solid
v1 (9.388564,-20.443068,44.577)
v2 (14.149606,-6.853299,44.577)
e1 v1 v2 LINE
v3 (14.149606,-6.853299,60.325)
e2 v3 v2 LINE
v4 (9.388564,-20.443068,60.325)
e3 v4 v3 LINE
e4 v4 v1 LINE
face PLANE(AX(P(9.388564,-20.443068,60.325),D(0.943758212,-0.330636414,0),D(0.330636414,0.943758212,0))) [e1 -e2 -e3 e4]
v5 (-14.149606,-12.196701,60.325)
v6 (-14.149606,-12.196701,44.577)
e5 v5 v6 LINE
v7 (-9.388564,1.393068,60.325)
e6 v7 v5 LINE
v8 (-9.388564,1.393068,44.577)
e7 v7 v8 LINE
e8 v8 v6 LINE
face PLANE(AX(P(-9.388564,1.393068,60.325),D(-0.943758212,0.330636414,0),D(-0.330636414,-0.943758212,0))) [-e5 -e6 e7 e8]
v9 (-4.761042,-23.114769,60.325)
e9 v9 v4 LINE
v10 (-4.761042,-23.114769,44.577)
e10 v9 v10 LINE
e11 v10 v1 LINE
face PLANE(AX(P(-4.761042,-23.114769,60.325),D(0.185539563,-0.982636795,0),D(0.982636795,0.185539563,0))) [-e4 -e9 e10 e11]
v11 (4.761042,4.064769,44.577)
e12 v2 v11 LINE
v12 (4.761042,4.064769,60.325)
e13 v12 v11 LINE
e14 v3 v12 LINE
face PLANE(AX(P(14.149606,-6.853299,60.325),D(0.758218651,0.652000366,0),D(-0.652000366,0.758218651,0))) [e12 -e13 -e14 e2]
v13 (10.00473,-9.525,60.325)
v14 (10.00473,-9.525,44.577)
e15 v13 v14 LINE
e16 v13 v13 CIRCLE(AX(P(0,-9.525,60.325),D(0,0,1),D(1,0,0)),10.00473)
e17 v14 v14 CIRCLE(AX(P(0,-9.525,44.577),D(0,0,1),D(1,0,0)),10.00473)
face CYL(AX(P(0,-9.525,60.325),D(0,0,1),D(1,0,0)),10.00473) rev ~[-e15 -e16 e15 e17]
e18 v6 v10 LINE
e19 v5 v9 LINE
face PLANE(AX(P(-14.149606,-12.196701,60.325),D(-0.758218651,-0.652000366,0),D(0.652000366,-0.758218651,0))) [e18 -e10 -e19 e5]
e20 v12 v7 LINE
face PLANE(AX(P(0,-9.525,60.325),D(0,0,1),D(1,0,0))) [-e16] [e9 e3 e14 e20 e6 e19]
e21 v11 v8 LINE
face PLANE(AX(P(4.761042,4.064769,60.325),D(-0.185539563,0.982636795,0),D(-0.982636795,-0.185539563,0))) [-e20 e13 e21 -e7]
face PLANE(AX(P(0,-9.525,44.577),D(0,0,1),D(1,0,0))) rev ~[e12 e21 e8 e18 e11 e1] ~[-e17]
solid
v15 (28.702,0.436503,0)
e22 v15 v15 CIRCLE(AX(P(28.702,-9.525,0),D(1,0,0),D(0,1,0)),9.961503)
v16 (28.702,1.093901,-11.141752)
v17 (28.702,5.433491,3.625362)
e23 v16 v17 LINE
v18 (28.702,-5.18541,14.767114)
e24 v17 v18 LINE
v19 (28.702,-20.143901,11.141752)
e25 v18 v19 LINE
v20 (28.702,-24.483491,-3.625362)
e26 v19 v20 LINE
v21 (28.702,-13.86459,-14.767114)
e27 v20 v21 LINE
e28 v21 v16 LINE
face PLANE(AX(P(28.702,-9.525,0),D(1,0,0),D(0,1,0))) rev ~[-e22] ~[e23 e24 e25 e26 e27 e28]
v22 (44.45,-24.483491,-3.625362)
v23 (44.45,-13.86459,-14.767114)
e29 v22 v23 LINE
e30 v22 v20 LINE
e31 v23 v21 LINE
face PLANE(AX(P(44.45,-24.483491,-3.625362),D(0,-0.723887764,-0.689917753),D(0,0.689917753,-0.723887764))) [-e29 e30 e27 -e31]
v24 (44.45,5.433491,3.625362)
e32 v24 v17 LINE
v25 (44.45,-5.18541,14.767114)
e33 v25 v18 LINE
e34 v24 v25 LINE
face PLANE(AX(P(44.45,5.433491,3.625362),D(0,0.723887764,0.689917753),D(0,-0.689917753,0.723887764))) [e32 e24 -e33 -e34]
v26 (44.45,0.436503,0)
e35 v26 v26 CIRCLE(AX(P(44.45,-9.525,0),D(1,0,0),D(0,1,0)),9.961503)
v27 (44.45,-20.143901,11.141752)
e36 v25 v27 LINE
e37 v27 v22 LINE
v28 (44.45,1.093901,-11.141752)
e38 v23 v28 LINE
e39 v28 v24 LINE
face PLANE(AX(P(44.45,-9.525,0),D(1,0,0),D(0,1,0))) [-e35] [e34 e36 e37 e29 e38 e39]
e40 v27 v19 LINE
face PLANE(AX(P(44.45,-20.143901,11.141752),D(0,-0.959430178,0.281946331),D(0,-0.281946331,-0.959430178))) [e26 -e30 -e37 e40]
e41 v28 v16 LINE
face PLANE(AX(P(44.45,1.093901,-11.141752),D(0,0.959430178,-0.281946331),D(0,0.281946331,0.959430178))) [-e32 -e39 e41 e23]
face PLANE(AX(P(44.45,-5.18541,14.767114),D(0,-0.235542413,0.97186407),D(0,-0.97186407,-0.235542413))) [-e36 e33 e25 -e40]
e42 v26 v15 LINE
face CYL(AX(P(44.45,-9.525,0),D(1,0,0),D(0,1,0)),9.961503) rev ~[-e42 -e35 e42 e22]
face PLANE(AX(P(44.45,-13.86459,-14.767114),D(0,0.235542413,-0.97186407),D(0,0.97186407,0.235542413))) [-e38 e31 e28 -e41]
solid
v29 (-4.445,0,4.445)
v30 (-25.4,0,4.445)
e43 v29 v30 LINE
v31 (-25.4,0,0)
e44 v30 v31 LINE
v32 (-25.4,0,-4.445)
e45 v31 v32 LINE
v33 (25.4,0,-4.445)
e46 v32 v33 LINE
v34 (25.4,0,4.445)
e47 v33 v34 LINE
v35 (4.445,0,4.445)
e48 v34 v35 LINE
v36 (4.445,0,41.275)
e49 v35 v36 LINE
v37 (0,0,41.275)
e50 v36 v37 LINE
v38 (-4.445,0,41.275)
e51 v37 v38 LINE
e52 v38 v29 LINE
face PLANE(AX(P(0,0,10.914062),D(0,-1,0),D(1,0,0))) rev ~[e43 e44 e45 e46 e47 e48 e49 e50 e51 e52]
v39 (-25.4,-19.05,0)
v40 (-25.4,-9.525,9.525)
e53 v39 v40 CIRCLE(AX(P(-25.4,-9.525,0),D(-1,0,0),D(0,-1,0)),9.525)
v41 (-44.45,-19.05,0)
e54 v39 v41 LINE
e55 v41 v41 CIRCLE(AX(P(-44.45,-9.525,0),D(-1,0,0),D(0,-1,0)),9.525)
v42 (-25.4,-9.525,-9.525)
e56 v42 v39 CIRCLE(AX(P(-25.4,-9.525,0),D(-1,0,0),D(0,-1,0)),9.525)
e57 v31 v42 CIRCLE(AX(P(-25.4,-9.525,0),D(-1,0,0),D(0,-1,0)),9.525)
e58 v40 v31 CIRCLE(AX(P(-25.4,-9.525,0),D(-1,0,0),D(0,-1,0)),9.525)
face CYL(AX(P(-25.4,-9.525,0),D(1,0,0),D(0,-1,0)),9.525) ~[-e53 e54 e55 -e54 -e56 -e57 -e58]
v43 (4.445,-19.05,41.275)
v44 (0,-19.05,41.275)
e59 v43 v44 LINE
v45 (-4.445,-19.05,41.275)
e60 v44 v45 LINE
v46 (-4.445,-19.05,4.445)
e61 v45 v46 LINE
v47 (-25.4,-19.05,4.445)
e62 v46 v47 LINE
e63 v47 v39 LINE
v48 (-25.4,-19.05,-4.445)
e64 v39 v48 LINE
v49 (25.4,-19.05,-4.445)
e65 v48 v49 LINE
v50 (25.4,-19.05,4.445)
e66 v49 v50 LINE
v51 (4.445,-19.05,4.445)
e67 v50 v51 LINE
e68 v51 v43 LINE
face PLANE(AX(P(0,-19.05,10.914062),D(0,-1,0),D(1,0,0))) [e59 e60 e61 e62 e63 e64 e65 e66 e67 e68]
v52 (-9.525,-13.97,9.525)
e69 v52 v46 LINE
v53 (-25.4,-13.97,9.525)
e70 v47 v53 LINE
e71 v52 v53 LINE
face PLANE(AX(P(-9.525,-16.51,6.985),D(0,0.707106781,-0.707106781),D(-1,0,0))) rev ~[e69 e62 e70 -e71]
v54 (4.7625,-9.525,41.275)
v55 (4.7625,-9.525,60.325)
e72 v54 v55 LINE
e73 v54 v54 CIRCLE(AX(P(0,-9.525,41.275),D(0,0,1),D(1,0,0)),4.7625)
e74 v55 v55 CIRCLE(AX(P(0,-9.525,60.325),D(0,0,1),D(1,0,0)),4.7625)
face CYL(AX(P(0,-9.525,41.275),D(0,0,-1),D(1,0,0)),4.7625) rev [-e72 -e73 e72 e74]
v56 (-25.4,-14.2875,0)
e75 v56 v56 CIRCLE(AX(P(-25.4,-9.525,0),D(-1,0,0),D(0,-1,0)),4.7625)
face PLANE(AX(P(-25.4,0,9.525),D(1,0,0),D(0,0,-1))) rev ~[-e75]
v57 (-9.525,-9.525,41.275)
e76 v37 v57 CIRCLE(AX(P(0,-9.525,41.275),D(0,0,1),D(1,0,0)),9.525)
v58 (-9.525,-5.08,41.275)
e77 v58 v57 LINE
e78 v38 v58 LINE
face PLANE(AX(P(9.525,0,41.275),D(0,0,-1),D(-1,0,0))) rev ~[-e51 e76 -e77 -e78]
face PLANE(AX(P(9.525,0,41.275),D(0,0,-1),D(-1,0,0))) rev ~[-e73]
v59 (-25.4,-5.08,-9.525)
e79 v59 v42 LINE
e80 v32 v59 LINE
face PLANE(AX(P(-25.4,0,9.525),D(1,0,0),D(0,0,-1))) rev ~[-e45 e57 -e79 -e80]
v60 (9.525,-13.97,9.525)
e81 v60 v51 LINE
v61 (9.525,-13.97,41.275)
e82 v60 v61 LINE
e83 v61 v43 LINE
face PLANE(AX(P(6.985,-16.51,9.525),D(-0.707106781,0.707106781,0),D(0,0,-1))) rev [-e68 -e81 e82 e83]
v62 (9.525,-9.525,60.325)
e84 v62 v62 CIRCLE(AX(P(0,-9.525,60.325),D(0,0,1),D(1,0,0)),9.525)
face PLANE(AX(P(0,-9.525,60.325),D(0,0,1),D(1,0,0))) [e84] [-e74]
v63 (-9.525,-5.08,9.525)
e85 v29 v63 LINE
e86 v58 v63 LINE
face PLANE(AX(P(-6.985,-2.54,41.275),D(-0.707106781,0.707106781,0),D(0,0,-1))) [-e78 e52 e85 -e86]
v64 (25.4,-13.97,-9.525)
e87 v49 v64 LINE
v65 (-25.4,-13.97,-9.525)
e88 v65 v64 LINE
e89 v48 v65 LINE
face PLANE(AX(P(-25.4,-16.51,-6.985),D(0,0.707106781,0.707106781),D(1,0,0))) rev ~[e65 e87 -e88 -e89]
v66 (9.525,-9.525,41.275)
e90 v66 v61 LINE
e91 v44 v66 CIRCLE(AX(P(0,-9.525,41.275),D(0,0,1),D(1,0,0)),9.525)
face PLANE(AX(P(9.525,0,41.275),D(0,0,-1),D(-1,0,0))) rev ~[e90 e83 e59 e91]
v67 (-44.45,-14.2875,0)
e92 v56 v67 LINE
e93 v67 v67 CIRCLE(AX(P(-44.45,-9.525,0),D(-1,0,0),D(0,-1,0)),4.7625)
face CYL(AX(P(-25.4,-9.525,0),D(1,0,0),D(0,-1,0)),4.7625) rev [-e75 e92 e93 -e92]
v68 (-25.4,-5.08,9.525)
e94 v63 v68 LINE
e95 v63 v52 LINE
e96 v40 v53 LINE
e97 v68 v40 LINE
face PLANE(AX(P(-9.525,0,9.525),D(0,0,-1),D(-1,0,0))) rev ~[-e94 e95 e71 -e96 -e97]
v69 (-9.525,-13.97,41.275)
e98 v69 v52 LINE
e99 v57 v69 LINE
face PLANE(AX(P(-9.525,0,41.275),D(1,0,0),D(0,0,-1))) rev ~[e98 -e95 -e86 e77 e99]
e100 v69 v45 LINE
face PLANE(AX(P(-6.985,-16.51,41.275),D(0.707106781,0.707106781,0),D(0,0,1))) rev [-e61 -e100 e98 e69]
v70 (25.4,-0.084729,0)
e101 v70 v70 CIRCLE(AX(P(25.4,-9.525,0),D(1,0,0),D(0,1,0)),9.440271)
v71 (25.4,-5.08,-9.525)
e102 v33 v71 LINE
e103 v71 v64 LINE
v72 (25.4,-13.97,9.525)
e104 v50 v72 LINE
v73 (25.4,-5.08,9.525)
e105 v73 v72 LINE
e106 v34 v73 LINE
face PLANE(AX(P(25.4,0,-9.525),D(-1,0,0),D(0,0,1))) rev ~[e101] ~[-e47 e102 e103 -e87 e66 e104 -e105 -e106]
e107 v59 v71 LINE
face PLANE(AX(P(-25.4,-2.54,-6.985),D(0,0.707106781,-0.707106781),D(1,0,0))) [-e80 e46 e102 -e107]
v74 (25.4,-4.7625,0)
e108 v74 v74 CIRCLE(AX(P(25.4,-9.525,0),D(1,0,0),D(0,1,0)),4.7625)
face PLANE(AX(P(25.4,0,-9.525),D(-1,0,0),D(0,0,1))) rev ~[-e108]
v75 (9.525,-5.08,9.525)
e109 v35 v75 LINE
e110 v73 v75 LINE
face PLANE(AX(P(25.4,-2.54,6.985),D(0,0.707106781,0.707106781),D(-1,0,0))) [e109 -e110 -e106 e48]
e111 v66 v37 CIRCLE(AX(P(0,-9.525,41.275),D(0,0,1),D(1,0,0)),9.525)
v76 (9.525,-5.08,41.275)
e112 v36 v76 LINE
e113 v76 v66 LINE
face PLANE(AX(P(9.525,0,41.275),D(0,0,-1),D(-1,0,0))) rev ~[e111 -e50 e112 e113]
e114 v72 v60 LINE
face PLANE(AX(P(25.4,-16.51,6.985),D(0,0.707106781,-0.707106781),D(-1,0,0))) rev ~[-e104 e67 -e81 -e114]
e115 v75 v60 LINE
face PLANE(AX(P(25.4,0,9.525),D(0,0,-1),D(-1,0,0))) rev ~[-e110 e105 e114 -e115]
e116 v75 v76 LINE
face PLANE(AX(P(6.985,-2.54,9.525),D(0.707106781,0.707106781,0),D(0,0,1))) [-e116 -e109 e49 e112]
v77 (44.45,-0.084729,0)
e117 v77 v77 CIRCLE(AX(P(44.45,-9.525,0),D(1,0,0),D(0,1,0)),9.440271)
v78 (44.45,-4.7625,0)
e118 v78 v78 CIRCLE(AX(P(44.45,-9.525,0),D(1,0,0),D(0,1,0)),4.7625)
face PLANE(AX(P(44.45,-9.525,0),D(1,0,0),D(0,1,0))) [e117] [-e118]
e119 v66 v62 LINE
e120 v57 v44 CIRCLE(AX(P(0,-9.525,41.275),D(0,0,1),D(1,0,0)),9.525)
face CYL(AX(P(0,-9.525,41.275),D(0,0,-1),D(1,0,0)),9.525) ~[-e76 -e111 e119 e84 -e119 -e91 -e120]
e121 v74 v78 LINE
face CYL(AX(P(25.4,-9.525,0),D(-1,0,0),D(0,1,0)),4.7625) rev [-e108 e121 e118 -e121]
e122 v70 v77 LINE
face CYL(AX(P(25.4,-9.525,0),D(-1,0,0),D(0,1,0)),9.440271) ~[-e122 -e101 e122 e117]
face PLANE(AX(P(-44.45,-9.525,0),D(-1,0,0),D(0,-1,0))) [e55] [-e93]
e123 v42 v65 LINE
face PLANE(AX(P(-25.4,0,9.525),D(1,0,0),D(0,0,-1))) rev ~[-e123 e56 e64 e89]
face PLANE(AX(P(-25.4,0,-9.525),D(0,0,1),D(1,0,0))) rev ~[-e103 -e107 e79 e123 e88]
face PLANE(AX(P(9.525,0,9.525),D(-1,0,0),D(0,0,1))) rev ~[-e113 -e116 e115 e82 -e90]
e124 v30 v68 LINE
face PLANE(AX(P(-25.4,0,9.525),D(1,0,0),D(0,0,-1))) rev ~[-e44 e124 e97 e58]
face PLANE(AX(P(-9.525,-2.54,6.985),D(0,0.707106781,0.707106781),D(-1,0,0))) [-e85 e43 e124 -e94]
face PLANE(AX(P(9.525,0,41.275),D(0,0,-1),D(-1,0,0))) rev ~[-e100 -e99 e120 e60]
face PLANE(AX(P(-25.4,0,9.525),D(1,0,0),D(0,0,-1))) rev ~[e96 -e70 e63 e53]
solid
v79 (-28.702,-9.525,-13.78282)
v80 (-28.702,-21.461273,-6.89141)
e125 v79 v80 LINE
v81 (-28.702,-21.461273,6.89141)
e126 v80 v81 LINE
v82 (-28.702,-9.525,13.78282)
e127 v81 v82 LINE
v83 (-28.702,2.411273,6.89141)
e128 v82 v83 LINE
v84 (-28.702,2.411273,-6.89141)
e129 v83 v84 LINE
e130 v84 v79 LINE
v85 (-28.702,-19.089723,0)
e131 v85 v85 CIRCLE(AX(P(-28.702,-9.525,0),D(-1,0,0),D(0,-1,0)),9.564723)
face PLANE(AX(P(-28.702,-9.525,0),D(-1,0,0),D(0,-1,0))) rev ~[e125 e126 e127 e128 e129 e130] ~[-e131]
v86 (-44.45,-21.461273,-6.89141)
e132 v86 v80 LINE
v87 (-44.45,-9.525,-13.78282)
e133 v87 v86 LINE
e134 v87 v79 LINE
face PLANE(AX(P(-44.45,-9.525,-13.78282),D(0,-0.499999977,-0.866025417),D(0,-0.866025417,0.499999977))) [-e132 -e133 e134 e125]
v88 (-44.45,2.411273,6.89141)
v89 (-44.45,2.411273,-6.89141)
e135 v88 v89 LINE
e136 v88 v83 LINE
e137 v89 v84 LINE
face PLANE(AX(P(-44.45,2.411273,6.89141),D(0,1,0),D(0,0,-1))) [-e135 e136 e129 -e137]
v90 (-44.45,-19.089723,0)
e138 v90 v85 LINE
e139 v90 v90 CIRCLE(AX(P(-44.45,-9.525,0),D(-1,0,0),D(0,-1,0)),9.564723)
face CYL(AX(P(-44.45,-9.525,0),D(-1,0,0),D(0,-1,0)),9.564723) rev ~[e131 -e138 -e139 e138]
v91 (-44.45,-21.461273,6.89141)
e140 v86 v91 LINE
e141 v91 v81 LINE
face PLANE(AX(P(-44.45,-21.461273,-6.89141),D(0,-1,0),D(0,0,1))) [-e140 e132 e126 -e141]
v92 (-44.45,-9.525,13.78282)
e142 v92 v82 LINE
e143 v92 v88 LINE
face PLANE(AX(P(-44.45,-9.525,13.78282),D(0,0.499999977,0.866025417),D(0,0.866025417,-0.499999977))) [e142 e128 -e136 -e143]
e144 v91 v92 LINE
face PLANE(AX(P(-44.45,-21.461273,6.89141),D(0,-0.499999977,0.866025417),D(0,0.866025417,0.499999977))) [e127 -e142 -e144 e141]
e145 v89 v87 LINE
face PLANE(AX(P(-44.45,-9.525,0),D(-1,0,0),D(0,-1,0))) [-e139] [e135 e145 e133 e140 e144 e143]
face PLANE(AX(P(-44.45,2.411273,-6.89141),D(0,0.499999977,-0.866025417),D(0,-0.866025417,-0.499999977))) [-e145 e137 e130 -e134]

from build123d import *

# Parameters (mm, degrees)
F1_DEPTH  = 19.05
F2_R      = 9.440271
F2_R_2    = 4.7625
F3_DEPTH  = 19.05
F4_R      = 9.525
F4_R_2    = 4.7625
F5_DEPTH  = 19.05
F6_R      = 9.525
F6_R_2    = 4.7625
F7_DEPTH  = 19.05
F8_SIZE   = 5.08
F9_R      = 9.564723
F10_DEPTH = 15.748
F11_R     = 9.961503
F12_DEPTH = 15.748
F13_R     = 10.00473
F14_DEPTH = 15.748


with BuildPart() as f1:
    # F0 (on Front) → F1 (new body)
    with BuildSketch(Plane.XZ):
        Polygon((-25.4, -9.525), (25.4, -9.525), (25.4, 9.525), (9.525, 9.525), (9.525, 41.275), (-9.525, 41.275), (-9.525, 9.525), (-25.4, 9.525), align=None)
    extrude(amount=F1_DEPTH)

    # F2 (on face) → F3 (join)
    with BuildSketch(Plane.YZ.offset(25.4)):
        with Locations((-9.525, 0)):
            Circle(F2_R)
        with Locations((-9.525, 0)):
            Circle(F2_R_2, mode=Mode.SUBTRACT)
    extrude(amount=F3_DEPTH)

    # F4 (on face) → F5 (join)
    with BuildSketch(Plane(origin=(-25.4, 0, 0), x_dir=(0, -1, 0), z_dir=(-1, 0, 0))):
        with Locations((9.525, 0)):
            Circle(F4_R)
        with Locations((9.525, 0)):
            Circle(F4_R_2, mode=Mode.SUBTRACT)
    extrude(amount=F5_DEPTH)

    # F6 (on face) → F7 (join)
    with BuildSketch(Plane.XY.offset(41.275)):
        with Locations((0, -9.525)):
            Circle(F6_R)
        with Locations((0, -9.525)):
            Circle(F6_R_2, mode=Mode.SUBTRACT)
    extrude(amount=F7_DEPTH)

    # F8
    f8_edges = [f1.edges().sort_by_distance(p)[0] for p in [
        (-9.525, -19.05, 25.4),
        (9.525, -19.05, 25.4),
        (17.4625, -19.05, 9.525),
        (0, 0, -9.525),
        (0, -19.05, -9.525),
        (-17.4625, -19.05, 9.525),
        (-17.4625, 0, 9.525),
        (-9.525, 0, 25.4),
        (9.525, 0, 25.4),
        (17.4625, 0, 9.525),
    ]]
    chamfer(f8_edges, length=F8_SIZE)


with BuildPart() as f10:
    # F9 (on face) → F10 (new body)
    with BuildSketch(Plane(origin=(-44.45, 0, 0), x_dir=(0, -1, 0), z_dir=(-1, 0, 0))):
        Polygon((21.461273, -6.89141), (21.461273, 6.89141), (9.525, 13.78282), (-2.411273, 6.89141), (-2.411273, -6.89141), (9.525, -13.78282), align=None)
        with Locations((9.525, 0)):
            Circle(F9_R, mode=Mode.SUBTRACT)
    extrude(amount=-F10_DEPTH)


with BuildPart() as f12:
    # F11 (on face) → F12 (new body)
    with BuildSketch(Plane.YZ.offset(44.45)):
        Polygon((1.093901, -11.141752), (5.433491, 3.625362), (-5.18541, 14.767114), (-20.143901, 11.141752), (-24.483491, -3.625362), (-13.86459, -14.767114), align=None)
        with Locations((-9.525, 0)):
            Circle(F11_R, mode=Mode.SUBTRACT)
    extrude(amount=-F12_DEPTH)


with BuildPart() as f14:
    # F13 (on face) → F14 (new body)
    with BuildSketch(Plane.XY.offset(60.325)):
        Polygon((9.388564, -20.443068), (14.149606, -6.853299), (4.761042, 4.064769), (-9.388564, 1.393068), (-14.149606, -12.196701), (-4.761042, -23.114769), align=None)
        with Locations((0, -9.525)):
            Circle(F13_R, mode=Mode.SUBTRACT)
    extrude(amount=-F14_DEPTH)


solid = Compound([f1.part, f10.part, f12.part, f14.part])
